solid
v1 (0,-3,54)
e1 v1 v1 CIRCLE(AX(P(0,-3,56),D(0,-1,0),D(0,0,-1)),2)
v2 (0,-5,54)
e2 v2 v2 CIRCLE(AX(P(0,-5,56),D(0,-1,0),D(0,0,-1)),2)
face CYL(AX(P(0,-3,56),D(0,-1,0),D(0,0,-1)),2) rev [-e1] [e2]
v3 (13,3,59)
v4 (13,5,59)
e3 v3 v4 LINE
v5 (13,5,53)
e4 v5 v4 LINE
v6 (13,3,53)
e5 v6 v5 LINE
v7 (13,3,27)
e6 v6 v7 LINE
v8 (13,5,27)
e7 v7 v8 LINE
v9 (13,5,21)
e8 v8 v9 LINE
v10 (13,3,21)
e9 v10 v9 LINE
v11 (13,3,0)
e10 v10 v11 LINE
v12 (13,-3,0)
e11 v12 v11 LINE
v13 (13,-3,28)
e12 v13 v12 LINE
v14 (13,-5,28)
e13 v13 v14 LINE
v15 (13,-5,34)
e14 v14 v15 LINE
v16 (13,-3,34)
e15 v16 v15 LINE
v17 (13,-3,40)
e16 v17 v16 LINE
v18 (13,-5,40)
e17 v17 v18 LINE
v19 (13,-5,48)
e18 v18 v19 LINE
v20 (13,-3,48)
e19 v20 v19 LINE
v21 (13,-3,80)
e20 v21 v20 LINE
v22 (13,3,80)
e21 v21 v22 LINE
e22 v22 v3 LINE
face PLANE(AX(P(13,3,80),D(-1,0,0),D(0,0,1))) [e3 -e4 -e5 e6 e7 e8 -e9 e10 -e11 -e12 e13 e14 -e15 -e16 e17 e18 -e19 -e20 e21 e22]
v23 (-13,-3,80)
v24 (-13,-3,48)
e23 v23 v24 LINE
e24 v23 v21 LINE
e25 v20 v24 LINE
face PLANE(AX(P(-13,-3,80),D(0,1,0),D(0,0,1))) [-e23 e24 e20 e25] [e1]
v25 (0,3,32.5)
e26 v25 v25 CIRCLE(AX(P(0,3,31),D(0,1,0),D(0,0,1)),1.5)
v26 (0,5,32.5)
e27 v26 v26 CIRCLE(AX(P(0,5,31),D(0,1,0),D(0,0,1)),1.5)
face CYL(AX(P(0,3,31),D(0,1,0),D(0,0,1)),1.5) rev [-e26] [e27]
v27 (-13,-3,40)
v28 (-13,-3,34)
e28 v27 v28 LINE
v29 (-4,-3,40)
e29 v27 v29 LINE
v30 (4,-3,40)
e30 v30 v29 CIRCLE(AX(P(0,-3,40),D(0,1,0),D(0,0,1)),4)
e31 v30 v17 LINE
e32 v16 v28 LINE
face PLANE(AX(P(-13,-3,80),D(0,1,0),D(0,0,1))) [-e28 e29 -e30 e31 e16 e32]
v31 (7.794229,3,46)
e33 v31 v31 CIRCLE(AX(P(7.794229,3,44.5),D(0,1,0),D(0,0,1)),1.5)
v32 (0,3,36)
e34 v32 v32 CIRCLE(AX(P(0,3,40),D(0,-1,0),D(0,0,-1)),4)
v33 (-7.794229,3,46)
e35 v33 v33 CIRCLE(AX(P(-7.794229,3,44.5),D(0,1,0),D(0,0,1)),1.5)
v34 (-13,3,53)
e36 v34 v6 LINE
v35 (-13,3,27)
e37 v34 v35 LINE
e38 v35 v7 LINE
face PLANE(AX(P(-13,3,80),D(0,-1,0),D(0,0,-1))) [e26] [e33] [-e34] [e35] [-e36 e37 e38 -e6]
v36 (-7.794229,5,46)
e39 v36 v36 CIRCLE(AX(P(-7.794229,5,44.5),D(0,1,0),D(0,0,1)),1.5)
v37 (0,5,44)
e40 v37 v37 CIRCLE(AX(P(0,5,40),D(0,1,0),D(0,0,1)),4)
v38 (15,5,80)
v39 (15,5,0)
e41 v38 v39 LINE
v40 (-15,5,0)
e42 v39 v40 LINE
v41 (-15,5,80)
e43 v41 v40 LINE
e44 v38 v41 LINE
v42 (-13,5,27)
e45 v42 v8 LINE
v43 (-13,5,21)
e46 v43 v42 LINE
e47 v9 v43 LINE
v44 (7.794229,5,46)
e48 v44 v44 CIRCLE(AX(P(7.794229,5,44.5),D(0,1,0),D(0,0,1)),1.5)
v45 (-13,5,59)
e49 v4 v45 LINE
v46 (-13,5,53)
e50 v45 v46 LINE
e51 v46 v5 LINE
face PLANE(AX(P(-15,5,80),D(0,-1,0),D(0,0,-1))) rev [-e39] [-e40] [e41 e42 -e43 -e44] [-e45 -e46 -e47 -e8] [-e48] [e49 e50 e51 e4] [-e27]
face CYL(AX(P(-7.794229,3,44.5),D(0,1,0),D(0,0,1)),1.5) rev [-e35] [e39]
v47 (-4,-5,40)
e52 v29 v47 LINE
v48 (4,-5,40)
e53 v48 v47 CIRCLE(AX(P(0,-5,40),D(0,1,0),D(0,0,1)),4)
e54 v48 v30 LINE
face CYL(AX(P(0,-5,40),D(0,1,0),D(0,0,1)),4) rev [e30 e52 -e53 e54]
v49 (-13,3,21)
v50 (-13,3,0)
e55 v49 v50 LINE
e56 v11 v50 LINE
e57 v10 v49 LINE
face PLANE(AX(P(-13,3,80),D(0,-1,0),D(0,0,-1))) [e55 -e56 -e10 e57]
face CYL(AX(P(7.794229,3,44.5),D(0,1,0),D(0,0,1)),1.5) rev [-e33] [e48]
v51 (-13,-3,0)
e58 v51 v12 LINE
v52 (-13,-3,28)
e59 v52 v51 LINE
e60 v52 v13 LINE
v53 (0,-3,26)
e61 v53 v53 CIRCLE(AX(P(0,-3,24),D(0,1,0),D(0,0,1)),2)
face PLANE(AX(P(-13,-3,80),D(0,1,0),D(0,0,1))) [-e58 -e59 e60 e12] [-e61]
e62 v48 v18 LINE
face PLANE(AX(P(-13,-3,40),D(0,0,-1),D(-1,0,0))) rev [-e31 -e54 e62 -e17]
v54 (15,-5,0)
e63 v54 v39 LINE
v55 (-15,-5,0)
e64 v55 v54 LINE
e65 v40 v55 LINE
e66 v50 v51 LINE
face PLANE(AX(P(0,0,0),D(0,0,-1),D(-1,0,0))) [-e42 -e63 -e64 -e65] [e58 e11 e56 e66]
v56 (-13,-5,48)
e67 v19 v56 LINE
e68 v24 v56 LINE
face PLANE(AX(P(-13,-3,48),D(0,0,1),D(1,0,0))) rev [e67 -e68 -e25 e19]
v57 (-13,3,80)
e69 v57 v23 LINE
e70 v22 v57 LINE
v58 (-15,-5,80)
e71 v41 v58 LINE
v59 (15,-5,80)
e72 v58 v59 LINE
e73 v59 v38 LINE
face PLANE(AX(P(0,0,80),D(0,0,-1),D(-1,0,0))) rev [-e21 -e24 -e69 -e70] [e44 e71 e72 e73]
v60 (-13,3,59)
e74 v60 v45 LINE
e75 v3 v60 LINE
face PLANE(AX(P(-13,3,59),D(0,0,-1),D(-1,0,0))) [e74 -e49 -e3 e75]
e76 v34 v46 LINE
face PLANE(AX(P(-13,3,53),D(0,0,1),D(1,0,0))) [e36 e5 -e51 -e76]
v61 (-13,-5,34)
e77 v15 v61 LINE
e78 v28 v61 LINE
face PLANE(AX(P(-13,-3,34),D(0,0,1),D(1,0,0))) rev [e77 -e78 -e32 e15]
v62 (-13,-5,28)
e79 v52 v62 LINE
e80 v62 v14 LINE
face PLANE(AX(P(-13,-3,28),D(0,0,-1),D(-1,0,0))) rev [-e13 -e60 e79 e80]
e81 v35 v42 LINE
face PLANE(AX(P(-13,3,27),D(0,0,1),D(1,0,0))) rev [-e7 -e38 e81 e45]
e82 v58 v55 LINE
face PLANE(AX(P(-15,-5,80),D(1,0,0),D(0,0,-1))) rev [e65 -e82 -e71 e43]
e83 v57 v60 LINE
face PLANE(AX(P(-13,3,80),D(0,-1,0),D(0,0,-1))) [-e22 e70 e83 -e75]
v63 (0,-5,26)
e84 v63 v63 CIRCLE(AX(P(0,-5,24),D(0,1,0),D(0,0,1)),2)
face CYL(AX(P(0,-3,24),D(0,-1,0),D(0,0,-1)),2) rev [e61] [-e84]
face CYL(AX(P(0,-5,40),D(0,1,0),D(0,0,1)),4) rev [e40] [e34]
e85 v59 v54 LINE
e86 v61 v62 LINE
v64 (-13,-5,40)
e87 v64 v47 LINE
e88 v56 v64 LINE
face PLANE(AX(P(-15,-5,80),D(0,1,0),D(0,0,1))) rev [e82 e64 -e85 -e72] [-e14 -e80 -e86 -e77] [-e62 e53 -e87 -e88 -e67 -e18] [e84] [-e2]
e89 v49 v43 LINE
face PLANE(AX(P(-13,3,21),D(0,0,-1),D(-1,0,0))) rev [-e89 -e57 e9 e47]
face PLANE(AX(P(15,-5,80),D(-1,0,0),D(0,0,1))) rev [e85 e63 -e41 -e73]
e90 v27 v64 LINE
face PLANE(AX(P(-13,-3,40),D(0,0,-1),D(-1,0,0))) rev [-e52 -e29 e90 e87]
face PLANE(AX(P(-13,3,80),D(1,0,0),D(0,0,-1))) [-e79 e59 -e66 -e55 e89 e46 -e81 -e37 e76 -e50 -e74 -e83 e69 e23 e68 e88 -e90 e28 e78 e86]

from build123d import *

# Parameters (mm, degrees)
ESBO_O1_W                = 30
ESBO_O1_H                = 10
ESBO_O1_W_2              = 26
ESBO_O1_H_2              = 6
RESSALTO_EXTRUS_O1_DEPTH = 80
ESBO_O2_R                = 4
CORTE_EXTRUS_O1_DEPTH    = 10
ESBO_O4_R                = 1.5
CORTE_EXTRUS_O2_DEPTH    = 2
ESBO_O6_R                = 2
CORTE_EXTRUS_O4_DEPTH    = 2
ESBO_O7_W                = 26
ESBO_O7_H                = 6
CORTE_EXTRUS_O5_DEPTH    = 2
ESBO_O8_W                = 26
ESBO_O8_H                = 6
CORTE_EXTRUS_O6_DEPTH    = 2
ESBO_O10_W               = 26
ESBO_O10_H               = 8
CORTE_EXTRUS_O7_DEPTH    = 2


with BuildPart() as part:
    # Esboço1 → Ressalto-extrusão1 (new body)
    with BuildSketch(Plane.XY):
        Rectangle(ESBO_O1_W, ESBO_O1_H)
        Rectangle(ESBO_O1_W_2, ESBO_O1_H_2, mode=Mode.SUBTRACT)
    extrude(amount=RESSALTO_EXTRUS_O1_DEPTH)

    # Esboço2 → Corte-extrusão1 (cut)
    with BuildSketch(Plane(origin=(0, 5, 0), x_dir=(1, 0, 0), z_dir=(0, 1, 0))):
        with Locations(Location((0, -40, 0), (0, 0, 270))):
            Circle(ESBO_O2_R)
    extrude(amount=-CORTE_EXTRUS_O1_DEPTH, mode=Mode.SUBTRACT)

    # Esboço4 → Corte-extrusão2 (cut)
    with BuildSketch(Plane(origin=(0, 5, 0), x_dir=(1, 0, 0), z_dir=(0, 1, 0))):
        with Locations(Location((0, -31, 0), (0, 0, 270))):
            Circle(ESBO_O4_R)
        with Locations(Location((7.794228634, -44.5, 0), (0, 0, 270))):
            Circle(ESBO_O4_R)
        with Locations(Location((-7.794228634, -44.5, 0), (0, 0, 270))):
            Circle(ESBO_O4_R)
    extrude(amount=-CORTE_EXTRUS_O2_DEPTH, mode=Mode.SUBTRACT)

    # Esboço6 → Corte-extrusão4 (cut)
    with BuildSketch(Plane(origin=(0, -5, 0), x_dir=(-1, 0, 0), z_dir=(0, -1, 0))):
        with Locations(Location((0, -56, 0), (0, 0, 90))):
            Circle(ESBO_O6_R)
    corte_extrus_o4 = extrude(amount=-CORTE_EXTRUS_O4_DEPTH, mode=Mode.SUBTRACT)

    # Espelhar1: Corte-extrusão4 across plane
    add(corte_extrus_o4.mirror(Plane.XY.offset(40)), mode=Mode.SUBTRACT)

    # Esboço7 → Corte-extrusão5 (cut)
    with BuildSketch(Plane(origin=(0, 5, 0), x_dir=(1, 0, 0), z_dir=(0, 1, 0))):
        with Locations((0, -24)):
            Rectangle(ESBO_O7_W, ESBO_O7_H)
    corte_extrus_o5 = extrude(amount=-CORTE_EXTRUS_O5_DEPTH, mode=Mode.SUBTRACT)

    # Espelhar2: Corte-extrusão5 across plane
    add(corte_extrus_o5.mirror(Plane.XY.offset(40)), mode=Mode.SUBTRACT)

    # Esboço8 → Corte-extrusão6 (cut)
    with BuildSketch(Plane(origin=(0, -5, 0), x_dir=(-1, 0, 0), z_dir=(0, -1, 0))):
        with Locations((0, -31)):
            Rectangle(ESBO_O8_W, ESBO_O8_H)
    extrude(amount=-CORTE_EXTRUS_O6_DEPTH, mode=Mode.SUBTRACT)

    # Esboço10 → Corte-extrusão7 (cut)
    with BuildSketch(Plane(origin=(0, -5, 0), x_dir=(-1, 0, 0), z_dir=(0, -1, 0))):
        with Locations((0, -44)):
            Rectangle(ESBO_O10_W, ESBO_O10_H)
    extrude(amount=-CORTE_EXTRUS_O7_DEPTH, mode=Mode.SUBTRACT)


solid = part.part
